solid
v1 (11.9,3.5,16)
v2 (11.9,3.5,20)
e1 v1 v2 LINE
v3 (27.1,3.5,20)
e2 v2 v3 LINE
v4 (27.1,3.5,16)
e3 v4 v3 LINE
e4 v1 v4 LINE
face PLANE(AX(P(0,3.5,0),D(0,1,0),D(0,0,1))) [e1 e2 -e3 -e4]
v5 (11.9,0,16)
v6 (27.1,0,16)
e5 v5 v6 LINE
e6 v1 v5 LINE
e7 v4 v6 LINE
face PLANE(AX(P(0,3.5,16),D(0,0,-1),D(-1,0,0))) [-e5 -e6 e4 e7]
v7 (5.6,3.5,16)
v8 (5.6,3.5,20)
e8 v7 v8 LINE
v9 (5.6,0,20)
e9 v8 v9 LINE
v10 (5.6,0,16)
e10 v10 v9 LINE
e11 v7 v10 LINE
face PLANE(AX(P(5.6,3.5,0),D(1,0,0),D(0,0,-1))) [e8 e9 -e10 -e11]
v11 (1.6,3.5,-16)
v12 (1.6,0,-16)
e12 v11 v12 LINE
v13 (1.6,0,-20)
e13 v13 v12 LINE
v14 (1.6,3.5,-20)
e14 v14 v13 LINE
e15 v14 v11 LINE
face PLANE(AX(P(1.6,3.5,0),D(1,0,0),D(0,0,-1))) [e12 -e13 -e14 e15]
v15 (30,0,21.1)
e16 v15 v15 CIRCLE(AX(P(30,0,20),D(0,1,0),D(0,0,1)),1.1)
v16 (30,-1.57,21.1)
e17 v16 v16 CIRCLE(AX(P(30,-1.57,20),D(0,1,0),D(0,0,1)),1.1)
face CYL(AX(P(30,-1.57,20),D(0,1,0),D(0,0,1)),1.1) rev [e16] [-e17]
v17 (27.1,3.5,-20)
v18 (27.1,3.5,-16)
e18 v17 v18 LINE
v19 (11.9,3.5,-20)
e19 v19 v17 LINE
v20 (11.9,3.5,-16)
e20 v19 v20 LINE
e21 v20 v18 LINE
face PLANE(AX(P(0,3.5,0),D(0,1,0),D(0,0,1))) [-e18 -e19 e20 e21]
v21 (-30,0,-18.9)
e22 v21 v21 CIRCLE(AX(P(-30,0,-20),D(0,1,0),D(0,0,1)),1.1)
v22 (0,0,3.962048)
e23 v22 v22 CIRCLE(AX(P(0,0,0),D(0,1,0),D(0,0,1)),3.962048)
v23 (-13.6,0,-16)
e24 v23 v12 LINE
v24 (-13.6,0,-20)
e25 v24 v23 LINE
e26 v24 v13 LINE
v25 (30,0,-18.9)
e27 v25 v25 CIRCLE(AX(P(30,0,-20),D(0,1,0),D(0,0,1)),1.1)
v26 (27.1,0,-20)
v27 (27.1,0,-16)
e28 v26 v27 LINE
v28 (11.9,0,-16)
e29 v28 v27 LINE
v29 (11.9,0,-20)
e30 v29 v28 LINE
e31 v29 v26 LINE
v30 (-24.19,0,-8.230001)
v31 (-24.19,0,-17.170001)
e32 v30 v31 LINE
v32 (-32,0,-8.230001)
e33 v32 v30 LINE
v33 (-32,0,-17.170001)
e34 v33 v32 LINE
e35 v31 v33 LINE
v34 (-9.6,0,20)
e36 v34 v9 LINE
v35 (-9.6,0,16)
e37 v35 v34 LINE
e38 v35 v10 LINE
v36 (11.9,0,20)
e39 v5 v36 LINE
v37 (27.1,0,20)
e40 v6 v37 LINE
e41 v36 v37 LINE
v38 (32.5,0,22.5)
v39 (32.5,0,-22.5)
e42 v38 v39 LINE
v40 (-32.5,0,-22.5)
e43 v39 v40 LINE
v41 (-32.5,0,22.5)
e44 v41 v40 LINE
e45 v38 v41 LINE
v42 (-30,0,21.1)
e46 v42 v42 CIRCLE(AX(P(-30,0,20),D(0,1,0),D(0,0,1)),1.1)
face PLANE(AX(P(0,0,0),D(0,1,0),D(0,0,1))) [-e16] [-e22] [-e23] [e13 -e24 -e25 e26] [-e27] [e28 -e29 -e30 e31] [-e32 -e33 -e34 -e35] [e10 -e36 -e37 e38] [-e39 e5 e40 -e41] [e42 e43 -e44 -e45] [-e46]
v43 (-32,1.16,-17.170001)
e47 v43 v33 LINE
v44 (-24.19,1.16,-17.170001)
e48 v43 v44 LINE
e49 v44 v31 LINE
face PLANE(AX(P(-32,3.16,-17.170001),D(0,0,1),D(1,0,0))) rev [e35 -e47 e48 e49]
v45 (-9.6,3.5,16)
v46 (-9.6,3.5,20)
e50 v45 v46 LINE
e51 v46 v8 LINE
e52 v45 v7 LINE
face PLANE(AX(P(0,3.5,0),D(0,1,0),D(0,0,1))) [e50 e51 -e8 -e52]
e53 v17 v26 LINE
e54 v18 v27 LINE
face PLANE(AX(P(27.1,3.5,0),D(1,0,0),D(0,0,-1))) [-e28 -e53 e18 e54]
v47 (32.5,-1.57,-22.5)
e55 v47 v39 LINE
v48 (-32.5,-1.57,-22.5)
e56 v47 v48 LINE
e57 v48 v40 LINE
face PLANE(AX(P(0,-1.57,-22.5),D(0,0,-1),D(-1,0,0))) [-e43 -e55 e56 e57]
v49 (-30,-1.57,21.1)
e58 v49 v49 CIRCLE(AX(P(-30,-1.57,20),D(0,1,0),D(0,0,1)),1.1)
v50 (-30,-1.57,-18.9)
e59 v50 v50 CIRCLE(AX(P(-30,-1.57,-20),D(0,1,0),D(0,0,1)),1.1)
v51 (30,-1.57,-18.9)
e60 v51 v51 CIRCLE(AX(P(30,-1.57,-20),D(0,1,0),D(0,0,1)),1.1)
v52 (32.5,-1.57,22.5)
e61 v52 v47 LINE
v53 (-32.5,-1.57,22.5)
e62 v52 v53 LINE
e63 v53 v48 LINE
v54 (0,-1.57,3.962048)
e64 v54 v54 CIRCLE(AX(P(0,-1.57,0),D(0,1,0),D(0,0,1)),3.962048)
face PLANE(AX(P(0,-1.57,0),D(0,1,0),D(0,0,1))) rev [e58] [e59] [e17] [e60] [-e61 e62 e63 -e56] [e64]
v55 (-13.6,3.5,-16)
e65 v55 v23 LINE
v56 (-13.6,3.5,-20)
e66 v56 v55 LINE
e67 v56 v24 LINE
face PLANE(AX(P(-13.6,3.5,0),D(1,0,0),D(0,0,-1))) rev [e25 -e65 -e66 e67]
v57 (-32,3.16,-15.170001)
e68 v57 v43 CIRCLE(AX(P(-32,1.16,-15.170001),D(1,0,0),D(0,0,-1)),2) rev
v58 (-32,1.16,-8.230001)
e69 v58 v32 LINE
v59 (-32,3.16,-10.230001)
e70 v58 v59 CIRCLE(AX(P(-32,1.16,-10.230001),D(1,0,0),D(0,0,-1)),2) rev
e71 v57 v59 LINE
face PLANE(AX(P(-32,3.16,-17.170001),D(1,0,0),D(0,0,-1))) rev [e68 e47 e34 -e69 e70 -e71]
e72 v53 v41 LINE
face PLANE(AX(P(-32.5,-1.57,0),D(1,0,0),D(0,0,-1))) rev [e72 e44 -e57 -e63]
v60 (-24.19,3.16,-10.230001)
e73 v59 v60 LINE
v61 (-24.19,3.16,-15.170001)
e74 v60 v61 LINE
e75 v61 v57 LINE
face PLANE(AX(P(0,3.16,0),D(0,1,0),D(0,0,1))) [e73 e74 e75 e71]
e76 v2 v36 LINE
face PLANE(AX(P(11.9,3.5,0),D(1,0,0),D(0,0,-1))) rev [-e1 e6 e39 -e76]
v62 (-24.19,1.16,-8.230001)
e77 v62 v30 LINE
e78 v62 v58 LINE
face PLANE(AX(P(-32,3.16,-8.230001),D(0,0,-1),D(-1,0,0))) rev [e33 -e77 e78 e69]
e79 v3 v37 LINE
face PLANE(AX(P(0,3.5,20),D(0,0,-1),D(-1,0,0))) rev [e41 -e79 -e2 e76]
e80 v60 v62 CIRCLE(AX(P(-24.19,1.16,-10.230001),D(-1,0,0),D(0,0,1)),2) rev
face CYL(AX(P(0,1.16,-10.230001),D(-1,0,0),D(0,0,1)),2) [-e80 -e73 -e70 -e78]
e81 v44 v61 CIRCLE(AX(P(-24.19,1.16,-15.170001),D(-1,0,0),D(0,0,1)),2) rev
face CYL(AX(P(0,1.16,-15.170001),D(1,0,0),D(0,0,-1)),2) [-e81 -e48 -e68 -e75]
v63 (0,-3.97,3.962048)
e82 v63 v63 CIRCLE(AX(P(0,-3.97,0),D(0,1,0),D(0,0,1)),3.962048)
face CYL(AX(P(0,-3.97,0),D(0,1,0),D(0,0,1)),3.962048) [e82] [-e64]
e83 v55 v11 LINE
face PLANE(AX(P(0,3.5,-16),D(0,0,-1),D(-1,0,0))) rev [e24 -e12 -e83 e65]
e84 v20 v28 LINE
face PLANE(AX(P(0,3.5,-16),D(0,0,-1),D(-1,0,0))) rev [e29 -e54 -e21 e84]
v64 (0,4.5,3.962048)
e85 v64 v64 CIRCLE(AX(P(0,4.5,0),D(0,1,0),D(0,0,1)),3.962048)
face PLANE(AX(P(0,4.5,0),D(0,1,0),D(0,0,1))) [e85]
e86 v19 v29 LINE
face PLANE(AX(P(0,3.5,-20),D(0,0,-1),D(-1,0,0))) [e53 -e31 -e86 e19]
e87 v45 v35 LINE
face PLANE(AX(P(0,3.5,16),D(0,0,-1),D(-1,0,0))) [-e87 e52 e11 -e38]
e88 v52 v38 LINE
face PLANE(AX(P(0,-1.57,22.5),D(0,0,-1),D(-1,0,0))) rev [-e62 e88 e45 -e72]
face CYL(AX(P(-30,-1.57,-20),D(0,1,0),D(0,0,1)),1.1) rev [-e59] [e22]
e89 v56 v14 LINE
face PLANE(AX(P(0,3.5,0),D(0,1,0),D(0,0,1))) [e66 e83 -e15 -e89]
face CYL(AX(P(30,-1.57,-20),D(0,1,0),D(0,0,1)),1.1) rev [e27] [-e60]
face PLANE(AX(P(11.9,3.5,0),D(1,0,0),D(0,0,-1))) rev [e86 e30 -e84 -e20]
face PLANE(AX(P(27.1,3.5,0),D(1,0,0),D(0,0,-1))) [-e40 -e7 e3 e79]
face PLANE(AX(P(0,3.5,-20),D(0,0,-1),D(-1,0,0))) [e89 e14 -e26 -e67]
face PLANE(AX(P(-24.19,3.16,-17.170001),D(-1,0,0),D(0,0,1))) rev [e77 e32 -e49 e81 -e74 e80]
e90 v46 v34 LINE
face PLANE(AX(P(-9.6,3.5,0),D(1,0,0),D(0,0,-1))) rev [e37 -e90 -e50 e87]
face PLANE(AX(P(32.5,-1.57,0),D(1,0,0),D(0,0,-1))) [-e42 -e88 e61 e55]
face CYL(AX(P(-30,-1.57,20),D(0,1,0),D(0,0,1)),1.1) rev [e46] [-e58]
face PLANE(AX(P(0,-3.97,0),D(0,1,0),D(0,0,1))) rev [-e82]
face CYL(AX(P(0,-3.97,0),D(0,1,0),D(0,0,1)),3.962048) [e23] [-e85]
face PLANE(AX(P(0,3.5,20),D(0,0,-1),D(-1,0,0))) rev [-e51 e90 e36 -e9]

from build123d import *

# Parameters (mm, degrees)
SKETCH1_W                = 65
SKETCH1_H                = 45
SKETCH1_R                = 1.1
BOSS_EXTRUDE1_DEPTH      = 1.57
SKETCH1_4_W              = 15.2
SKETCH1_4_H              = 4
BOSS_EXTRUDE2_DEPTH      = 3.5
BOSS_EXTRUDE3_DEPTH      = 4.5
BOSS_EXTRUDE3_DEPTH_BACK = 3.97
SKETCH1_5_R              = 3.9620477
SKETCH2_W                = 7.81
SKETCH2_H                = 8.94
BOSS_EXTRUDE4_DEPTH      = 3.16
FILLET1_R                = 2


with BuildPart() as part:
    # Sketch1 → Boss-Extrude1 (new body)
    with BuildSketch(Plane(origin=(0, 0, 0), x_dir=(1, 0, 0), z_dir=(0, 1, 0))):
        Rectangle(SKETCH1_W, SKETCH1_H)
        with Locations((-30, -20)):
            Circle(SKETCH1_R, mode=Mode.SUBTRACT)
        with Locations((30, -20)):
            Circle(SKETCH1_R, mode=Mode.SUBTRACT)
        with Locations((-30, 20)):
            Circle(SKETCH1_R, mode=Mode.SUBTRACT)
        with Locations((30, 20)):
            Circle(SKETCH1_R, mode=Mode.SUBTRACT)
    extrude(amount=-BOSS_EXTRUDE1_DEPTH)

    # Sketch1<4> → Boss-Extrude2 (add)
    with BuildSketch(Plane(origin=(0, 0, 0), x_dir=(1, 0, 0), z_dir=(0, 1, 0))):
        with Locations((-2, -18)):
            Rectangle(SKETCH1_4_W, SKETCH1_4_H)
        with Locations((19.5, -18)):
            Rectangle(SKETCH1_4_W, SKETCH1_4_H)
        with Locations((-6, 18)):
            Rectangle(SKETCH1_4_W, SKETCH1_4_H)
        with Locations((19.5, 18)):
            Rectangle(SKETCH1_4_W, SKETCH1_4_H)
    extrude(amount=BOSS_EXTRUDE2_DEPTH)

    # Sketch1<5> → Boss-Extrude3 (add, two sides: drawn at the far end of the back side and taken through both)
    with BuildSketch(Plane(origin=(0, 0, 0), x_dir=(1, 0, 0), z_dir=(0, 1, 0)).offset(-BOSS_EXTRUDE3_DEPTH_BACK)):
        Circle(SKETCH1_5_R)
    extrude(amount=BOSS_EXTRUDE3_DEPTH + BOSS_EXTRUDE3_DEPTH_BACK)

    # Sketch2 → Boss-Extrude4 (add)
    with BuildSketch(Plane(origin=(0, 0, 0), x_dir=(1, 0, 0), z_dir=(0, 1, 0))):
        with Locations((-28.095, 12.70000129)):
            Rectangle(SKETCH2_W, SKETCH2_H)
    extrude(amount=BOSS_EXTRUDE4_DEPTH)

    # Fillet1
    fillet1_edges = [part.edges().sort_by_distance(p)[0] for p in [
        (-28.095, 3.16, -17.17000129),
        (-28.095, 3.16, -8.23000129),
    ]]
    fillet(fillet1_edges, radius=FILLET1_R)


solid = part.part
